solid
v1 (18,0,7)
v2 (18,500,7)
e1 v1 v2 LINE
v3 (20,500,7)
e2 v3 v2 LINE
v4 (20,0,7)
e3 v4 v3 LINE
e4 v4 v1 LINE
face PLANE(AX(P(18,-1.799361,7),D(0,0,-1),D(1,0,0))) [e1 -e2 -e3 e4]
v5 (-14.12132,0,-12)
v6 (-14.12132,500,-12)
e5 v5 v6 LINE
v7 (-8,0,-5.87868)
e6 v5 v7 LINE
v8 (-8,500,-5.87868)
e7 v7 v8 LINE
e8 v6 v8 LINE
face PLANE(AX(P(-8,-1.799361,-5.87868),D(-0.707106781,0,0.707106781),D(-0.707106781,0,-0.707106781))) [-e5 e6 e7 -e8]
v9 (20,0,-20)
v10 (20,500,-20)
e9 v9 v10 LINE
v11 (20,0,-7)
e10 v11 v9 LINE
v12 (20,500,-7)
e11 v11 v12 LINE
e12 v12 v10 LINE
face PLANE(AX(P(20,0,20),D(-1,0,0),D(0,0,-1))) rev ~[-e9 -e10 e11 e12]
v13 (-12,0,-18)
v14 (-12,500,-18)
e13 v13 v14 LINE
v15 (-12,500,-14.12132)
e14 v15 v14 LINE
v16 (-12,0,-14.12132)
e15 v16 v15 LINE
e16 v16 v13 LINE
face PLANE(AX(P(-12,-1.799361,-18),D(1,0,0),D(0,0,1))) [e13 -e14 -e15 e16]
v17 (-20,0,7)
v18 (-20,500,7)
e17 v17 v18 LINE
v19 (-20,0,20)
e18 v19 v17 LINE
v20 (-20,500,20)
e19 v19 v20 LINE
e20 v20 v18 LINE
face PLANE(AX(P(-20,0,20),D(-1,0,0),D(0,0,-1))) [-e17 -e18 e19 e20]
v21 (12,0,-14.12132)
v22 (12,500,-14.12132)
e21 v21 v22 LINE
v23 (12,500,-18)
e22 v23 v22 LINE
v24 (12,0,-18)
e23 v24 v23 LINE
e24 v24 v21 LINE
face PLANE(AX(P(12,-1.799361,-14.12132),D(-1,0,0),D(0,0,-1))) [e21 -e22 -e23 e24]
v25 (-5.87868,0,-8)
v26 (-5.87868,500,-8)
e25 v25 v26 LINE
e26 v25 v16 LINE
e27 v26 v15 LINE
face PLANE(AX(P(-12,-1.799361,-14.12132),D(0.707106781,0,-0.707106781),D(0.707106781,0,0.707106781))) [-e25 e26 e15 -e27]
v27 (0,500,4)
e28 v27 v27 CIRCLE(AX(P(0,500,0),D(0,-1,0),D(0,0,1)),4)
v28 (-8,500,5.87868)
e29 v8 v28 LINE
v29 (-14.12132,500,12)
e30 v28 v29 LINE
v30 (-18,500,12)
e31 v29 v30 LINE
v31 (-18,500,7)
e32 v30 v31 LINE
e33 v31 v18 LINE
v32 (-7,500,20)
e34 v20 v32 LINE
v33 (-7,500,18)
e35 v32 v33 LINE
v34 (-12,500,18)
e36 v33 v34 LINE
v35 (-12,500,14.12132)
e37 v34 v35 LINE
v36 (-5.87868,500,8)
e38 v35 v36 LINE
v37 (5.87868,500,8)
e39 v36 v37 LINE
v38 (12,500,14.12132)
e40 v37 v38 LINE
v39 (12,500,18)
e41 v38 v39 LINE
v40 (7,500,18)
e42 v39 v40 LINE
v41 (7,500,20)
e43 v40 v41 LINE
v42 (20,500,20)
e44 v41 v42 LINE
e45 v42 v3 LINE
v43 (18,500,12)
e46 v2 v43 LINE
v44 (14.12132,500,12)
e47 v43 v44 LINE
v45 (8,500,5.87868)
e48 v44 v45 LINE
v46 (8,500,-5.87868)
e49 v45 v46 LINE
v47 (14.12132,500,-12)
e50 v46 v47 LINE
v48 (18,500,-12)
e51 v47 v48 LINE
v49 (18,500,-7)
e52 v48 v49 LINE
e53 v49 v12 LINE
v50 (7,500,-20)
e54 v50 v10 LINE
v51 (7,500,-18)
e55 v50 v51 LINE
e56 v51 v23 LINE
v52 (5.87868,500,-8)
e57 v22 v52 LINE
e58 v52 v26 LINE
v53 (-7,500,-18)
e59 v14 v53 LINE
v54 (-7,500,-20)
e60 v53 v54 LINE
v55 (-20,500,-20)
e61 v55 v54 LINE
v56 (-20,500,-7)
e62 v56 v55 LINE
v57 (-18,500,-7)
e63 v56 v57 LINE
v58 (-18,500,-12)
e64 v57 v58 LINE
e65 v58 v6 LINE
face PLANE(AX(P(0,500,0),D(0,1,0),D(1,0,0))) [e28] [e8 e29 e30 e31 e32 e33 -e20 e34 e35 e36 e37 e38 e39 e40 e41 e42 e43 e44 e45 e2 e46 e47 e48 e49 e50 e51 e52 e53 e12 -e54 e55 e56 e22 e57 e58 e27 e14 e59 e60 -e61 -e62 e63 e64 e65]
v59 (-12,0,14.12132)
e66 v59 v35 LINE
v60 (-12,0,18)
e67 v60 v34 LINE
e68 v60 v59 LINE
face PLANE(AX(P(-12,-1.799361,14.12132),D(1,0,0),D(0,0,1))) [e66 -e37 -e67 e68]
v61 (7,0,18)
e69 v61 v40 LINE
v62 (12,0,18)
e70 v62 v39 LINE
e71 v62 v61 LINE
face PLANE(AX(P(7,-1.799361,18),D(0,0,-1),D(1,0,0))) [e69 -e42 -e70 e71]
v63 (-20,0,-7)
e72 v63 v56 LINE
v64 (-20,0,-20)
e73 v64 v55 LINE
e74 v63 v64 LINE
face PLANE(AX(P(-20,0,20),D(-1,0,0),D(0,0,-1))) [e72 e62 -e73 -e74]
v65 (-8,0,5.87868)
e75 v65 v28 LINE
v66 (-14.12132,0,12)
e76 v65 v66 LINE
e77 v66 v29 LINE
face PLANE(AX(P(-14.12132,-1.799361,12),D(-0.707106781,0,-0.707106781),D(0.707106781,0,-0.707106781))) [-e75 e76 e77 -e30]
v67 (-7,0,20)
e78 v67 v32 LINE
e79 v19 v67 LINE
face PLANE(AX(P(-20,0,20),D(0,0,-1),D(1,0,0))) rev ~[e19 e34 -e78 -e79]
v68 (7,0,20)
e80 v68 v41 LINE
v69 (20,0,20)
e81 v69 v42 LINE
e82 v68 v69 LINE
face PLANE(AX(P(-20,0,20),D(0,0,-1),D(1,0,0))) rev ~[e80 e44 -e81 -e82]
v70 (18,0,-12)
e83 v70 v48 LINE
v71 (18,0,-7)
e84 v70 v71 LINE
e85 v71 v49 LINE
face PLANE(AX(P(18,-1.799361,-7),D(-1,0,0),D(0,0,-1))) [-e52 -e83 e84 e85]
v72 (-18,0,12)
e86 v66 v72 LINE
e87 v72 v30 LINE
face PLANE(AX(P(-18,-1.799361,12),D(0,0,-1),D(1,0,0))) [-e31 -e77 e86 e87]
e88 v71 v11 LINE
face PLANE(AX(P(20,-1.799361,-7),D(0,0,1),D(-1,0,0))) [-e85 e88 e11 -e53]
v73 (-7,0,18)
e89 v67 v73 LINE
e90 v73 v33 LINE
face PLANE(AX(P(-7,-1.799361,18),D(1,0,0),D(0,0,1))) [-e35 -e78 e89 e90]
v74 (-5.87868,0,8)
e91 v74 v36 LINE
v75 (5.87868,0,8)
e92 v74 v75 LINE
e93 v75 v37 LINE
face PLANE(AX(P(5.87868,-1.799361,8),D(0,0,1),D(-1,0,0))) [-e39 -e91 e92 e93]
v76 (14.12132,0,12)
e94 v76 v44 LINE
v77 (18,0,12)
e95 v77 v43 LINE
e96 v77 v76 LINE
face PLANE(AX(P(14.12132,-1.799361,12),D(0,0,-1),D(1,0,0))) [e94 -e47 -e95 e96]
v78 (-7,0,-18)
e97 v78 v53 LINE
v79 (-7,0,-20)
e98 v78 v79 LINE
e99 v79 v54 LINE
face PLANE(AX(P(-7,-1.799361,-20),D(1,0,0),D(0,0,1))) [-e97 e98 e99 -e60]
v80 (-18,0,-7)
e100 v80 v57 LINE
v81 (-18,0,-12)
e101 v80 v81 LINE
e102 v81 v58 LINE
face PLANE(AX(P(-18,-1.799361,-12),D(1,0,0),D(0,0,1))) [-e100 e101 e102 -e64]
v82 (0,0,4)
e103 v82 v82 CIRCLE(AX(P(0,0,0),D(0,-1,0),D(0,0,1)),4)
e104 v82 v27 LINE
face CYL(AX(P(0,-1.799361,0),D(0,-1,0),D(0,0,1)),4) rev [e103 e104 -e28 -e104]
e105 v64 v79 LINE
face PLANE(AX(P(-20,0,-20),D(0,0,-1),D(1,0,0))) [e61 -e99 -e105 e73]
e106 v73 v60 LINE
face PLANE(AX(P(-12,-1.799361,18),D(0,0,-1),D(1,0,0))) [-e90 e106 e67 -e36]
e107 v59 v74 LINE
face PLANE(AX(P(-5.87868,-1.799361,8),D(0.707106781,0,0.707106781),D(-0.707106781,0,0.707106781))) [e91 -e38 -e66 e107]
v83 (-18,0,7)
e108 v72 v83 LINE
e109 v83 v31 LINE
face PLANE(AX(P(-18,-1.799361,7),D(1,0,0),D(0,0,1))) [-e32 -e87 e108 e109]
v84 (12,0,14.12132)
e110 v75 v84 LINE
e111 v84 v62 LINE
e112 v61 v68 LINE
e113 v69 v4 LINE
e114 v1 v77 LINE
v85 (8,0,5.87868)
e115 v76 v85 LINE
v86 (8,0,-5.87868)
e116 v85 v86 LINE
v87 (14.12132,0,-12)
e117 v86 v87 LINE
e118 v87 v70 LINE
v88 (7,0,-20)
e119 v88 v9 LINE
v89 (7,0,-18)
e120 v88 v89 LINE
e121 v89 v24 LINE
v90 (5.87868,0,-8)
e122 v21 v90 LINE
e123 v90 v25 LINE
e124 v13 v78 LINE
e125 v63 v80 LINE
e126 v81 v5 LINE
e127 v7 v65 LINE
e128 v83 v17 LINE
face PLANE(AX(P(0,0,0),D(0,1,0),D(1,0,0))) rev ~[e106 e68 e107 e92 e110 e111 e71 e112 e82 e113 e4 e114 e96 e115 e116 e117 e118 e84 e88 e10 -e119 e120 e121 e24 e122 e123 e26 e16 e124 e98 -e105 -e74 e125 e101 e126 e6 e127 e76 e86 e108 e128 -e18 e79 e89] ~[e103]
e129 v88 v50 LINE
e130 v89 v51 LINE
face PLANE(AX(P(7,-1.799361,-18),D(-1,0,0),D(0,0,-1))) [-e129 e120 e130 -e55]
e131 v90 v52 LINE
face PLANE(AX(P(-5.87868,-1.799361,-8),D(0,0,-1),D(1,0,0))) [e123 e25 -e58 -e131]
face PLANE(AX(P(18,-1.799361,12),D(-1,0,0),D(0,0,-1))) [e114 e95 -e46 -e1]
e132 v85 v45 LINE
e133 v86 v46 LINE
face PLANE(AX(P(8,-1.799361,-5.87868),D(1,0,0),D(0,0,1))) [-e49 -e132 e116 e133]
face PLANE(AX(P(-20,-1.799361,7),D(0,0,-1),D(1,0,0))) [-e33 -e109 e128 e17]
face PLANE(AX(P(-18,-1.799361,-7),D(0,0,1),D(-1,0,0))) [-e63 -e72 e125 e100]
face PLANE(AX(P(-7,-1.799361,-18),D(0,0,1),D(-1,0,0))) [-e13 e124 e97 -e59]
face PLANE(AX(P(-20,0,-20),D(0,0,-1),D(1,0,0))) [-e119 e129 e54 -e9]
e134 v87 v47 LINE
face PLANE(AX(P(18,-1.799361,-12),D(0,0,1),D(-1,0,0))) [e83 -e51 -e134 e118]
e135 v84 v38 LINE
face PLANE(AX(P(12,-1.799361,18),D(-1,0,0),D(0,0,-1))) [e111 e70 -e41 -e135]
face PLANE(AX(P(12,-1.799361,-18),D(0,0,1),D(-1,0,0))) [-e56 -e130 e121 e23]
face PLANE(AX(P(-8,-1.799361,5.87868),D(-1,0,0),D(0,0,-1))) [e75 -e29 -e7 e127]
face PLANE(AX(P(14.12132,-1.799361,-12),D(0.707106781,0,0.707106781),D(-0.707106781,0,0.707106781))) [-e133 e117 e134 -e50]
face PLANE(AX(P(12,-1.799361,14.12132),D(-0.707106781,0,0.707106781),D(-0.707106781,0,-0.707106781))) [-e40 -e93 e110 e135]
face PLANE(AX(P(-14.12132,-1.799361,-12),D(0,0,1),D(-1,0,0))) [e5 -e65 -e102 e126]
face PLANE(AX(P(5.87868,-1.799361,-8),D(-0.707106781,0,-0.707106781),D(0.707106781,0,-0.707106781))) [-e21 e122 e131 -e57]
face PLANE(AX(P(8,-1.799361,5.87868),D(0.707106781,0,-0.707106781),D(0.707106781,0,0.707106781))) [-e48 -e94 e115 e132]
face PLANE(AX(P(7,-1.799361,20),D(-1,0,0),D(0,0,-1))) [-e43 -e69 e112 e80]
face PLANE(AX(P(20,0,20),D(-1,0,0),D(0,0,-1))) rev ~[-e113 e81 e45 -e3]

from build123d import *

# Parameters (mm, degrees)
SKETCH1_W               = 40
SKETCH1_H               = 40
BOSS_EXTRUDE1_DEPTH     = 500
CUT_EXTRUDE1_DEPTH      = 501.799361022
CUT_EXTRUDE1_DEPTH_BACK = 501.799361022
SKETCH2_R               = 4


with BuildPart() as part:
    # Sketch1 → Boss-Extrude1 (new body)
    with BuildSketch(Plane(origin=(0, 0, 0), x_dir=(1, 0, 0), z_dir=(0, 1, 0))):
        Rectangle(SKETCH1_W, SKETCH1_H)
    extrude(amount=BOSS_EXTRUDE1_DEPTH)

    # Sketch2 → Cut-Extrude1 (cut, two sides: drawn at the far end of the back side and taken through both)
    with BuildSketch(Plane(origin=(0, 500, 0), x_dir=(1, 0, 0), z_dir=(0, 1, 0)).offset(-CUT_EXTRUDE1_DEPTH_BACK)):
        with Locations(Location((0, 0, 0), (0, 0, 270))):
            Circle(SKETCH2_R)
        Polygon((-7, 20), (-7, 18), (-12, 18), (-12, 14.121320344), (-5.878679656, 8), (5.878679656, 8), (12, 14.121320344), (12, 18), (7, 18), (7, 20), align=None)
        Polygon((20, 7), (18, 7), (18, 12), (14.121320344, 12), (8, 5.878679656), (8, -5.878679656), (14.121320344, -12), (18, -12), (18, -7), (20, -7), align=None)
        Polygon((7, -20), (7, -18), (12, -18), (12, -14.121320344), (5.878679656, -8), (-5.878679656, -8), (-12, -14.121320344), (-12, -18), (-7, -18), (-7, -20), align=None)
        Polygon((-20, -7), (-18, -7), (-18, -12), (-14.121320344, -12), (-8, -5.878679656), (-8, 5.878679656), (-14.121320344, 12), (-18, 12), (-18, 7), (-20, 7), align=None)
    extrude(amount=CUT_EXTRUDE1_DEPTH + CUT_EXTRUDE1_DEPTH_BACK, mode=Mode.SUBTRACT)


solid = part.part
